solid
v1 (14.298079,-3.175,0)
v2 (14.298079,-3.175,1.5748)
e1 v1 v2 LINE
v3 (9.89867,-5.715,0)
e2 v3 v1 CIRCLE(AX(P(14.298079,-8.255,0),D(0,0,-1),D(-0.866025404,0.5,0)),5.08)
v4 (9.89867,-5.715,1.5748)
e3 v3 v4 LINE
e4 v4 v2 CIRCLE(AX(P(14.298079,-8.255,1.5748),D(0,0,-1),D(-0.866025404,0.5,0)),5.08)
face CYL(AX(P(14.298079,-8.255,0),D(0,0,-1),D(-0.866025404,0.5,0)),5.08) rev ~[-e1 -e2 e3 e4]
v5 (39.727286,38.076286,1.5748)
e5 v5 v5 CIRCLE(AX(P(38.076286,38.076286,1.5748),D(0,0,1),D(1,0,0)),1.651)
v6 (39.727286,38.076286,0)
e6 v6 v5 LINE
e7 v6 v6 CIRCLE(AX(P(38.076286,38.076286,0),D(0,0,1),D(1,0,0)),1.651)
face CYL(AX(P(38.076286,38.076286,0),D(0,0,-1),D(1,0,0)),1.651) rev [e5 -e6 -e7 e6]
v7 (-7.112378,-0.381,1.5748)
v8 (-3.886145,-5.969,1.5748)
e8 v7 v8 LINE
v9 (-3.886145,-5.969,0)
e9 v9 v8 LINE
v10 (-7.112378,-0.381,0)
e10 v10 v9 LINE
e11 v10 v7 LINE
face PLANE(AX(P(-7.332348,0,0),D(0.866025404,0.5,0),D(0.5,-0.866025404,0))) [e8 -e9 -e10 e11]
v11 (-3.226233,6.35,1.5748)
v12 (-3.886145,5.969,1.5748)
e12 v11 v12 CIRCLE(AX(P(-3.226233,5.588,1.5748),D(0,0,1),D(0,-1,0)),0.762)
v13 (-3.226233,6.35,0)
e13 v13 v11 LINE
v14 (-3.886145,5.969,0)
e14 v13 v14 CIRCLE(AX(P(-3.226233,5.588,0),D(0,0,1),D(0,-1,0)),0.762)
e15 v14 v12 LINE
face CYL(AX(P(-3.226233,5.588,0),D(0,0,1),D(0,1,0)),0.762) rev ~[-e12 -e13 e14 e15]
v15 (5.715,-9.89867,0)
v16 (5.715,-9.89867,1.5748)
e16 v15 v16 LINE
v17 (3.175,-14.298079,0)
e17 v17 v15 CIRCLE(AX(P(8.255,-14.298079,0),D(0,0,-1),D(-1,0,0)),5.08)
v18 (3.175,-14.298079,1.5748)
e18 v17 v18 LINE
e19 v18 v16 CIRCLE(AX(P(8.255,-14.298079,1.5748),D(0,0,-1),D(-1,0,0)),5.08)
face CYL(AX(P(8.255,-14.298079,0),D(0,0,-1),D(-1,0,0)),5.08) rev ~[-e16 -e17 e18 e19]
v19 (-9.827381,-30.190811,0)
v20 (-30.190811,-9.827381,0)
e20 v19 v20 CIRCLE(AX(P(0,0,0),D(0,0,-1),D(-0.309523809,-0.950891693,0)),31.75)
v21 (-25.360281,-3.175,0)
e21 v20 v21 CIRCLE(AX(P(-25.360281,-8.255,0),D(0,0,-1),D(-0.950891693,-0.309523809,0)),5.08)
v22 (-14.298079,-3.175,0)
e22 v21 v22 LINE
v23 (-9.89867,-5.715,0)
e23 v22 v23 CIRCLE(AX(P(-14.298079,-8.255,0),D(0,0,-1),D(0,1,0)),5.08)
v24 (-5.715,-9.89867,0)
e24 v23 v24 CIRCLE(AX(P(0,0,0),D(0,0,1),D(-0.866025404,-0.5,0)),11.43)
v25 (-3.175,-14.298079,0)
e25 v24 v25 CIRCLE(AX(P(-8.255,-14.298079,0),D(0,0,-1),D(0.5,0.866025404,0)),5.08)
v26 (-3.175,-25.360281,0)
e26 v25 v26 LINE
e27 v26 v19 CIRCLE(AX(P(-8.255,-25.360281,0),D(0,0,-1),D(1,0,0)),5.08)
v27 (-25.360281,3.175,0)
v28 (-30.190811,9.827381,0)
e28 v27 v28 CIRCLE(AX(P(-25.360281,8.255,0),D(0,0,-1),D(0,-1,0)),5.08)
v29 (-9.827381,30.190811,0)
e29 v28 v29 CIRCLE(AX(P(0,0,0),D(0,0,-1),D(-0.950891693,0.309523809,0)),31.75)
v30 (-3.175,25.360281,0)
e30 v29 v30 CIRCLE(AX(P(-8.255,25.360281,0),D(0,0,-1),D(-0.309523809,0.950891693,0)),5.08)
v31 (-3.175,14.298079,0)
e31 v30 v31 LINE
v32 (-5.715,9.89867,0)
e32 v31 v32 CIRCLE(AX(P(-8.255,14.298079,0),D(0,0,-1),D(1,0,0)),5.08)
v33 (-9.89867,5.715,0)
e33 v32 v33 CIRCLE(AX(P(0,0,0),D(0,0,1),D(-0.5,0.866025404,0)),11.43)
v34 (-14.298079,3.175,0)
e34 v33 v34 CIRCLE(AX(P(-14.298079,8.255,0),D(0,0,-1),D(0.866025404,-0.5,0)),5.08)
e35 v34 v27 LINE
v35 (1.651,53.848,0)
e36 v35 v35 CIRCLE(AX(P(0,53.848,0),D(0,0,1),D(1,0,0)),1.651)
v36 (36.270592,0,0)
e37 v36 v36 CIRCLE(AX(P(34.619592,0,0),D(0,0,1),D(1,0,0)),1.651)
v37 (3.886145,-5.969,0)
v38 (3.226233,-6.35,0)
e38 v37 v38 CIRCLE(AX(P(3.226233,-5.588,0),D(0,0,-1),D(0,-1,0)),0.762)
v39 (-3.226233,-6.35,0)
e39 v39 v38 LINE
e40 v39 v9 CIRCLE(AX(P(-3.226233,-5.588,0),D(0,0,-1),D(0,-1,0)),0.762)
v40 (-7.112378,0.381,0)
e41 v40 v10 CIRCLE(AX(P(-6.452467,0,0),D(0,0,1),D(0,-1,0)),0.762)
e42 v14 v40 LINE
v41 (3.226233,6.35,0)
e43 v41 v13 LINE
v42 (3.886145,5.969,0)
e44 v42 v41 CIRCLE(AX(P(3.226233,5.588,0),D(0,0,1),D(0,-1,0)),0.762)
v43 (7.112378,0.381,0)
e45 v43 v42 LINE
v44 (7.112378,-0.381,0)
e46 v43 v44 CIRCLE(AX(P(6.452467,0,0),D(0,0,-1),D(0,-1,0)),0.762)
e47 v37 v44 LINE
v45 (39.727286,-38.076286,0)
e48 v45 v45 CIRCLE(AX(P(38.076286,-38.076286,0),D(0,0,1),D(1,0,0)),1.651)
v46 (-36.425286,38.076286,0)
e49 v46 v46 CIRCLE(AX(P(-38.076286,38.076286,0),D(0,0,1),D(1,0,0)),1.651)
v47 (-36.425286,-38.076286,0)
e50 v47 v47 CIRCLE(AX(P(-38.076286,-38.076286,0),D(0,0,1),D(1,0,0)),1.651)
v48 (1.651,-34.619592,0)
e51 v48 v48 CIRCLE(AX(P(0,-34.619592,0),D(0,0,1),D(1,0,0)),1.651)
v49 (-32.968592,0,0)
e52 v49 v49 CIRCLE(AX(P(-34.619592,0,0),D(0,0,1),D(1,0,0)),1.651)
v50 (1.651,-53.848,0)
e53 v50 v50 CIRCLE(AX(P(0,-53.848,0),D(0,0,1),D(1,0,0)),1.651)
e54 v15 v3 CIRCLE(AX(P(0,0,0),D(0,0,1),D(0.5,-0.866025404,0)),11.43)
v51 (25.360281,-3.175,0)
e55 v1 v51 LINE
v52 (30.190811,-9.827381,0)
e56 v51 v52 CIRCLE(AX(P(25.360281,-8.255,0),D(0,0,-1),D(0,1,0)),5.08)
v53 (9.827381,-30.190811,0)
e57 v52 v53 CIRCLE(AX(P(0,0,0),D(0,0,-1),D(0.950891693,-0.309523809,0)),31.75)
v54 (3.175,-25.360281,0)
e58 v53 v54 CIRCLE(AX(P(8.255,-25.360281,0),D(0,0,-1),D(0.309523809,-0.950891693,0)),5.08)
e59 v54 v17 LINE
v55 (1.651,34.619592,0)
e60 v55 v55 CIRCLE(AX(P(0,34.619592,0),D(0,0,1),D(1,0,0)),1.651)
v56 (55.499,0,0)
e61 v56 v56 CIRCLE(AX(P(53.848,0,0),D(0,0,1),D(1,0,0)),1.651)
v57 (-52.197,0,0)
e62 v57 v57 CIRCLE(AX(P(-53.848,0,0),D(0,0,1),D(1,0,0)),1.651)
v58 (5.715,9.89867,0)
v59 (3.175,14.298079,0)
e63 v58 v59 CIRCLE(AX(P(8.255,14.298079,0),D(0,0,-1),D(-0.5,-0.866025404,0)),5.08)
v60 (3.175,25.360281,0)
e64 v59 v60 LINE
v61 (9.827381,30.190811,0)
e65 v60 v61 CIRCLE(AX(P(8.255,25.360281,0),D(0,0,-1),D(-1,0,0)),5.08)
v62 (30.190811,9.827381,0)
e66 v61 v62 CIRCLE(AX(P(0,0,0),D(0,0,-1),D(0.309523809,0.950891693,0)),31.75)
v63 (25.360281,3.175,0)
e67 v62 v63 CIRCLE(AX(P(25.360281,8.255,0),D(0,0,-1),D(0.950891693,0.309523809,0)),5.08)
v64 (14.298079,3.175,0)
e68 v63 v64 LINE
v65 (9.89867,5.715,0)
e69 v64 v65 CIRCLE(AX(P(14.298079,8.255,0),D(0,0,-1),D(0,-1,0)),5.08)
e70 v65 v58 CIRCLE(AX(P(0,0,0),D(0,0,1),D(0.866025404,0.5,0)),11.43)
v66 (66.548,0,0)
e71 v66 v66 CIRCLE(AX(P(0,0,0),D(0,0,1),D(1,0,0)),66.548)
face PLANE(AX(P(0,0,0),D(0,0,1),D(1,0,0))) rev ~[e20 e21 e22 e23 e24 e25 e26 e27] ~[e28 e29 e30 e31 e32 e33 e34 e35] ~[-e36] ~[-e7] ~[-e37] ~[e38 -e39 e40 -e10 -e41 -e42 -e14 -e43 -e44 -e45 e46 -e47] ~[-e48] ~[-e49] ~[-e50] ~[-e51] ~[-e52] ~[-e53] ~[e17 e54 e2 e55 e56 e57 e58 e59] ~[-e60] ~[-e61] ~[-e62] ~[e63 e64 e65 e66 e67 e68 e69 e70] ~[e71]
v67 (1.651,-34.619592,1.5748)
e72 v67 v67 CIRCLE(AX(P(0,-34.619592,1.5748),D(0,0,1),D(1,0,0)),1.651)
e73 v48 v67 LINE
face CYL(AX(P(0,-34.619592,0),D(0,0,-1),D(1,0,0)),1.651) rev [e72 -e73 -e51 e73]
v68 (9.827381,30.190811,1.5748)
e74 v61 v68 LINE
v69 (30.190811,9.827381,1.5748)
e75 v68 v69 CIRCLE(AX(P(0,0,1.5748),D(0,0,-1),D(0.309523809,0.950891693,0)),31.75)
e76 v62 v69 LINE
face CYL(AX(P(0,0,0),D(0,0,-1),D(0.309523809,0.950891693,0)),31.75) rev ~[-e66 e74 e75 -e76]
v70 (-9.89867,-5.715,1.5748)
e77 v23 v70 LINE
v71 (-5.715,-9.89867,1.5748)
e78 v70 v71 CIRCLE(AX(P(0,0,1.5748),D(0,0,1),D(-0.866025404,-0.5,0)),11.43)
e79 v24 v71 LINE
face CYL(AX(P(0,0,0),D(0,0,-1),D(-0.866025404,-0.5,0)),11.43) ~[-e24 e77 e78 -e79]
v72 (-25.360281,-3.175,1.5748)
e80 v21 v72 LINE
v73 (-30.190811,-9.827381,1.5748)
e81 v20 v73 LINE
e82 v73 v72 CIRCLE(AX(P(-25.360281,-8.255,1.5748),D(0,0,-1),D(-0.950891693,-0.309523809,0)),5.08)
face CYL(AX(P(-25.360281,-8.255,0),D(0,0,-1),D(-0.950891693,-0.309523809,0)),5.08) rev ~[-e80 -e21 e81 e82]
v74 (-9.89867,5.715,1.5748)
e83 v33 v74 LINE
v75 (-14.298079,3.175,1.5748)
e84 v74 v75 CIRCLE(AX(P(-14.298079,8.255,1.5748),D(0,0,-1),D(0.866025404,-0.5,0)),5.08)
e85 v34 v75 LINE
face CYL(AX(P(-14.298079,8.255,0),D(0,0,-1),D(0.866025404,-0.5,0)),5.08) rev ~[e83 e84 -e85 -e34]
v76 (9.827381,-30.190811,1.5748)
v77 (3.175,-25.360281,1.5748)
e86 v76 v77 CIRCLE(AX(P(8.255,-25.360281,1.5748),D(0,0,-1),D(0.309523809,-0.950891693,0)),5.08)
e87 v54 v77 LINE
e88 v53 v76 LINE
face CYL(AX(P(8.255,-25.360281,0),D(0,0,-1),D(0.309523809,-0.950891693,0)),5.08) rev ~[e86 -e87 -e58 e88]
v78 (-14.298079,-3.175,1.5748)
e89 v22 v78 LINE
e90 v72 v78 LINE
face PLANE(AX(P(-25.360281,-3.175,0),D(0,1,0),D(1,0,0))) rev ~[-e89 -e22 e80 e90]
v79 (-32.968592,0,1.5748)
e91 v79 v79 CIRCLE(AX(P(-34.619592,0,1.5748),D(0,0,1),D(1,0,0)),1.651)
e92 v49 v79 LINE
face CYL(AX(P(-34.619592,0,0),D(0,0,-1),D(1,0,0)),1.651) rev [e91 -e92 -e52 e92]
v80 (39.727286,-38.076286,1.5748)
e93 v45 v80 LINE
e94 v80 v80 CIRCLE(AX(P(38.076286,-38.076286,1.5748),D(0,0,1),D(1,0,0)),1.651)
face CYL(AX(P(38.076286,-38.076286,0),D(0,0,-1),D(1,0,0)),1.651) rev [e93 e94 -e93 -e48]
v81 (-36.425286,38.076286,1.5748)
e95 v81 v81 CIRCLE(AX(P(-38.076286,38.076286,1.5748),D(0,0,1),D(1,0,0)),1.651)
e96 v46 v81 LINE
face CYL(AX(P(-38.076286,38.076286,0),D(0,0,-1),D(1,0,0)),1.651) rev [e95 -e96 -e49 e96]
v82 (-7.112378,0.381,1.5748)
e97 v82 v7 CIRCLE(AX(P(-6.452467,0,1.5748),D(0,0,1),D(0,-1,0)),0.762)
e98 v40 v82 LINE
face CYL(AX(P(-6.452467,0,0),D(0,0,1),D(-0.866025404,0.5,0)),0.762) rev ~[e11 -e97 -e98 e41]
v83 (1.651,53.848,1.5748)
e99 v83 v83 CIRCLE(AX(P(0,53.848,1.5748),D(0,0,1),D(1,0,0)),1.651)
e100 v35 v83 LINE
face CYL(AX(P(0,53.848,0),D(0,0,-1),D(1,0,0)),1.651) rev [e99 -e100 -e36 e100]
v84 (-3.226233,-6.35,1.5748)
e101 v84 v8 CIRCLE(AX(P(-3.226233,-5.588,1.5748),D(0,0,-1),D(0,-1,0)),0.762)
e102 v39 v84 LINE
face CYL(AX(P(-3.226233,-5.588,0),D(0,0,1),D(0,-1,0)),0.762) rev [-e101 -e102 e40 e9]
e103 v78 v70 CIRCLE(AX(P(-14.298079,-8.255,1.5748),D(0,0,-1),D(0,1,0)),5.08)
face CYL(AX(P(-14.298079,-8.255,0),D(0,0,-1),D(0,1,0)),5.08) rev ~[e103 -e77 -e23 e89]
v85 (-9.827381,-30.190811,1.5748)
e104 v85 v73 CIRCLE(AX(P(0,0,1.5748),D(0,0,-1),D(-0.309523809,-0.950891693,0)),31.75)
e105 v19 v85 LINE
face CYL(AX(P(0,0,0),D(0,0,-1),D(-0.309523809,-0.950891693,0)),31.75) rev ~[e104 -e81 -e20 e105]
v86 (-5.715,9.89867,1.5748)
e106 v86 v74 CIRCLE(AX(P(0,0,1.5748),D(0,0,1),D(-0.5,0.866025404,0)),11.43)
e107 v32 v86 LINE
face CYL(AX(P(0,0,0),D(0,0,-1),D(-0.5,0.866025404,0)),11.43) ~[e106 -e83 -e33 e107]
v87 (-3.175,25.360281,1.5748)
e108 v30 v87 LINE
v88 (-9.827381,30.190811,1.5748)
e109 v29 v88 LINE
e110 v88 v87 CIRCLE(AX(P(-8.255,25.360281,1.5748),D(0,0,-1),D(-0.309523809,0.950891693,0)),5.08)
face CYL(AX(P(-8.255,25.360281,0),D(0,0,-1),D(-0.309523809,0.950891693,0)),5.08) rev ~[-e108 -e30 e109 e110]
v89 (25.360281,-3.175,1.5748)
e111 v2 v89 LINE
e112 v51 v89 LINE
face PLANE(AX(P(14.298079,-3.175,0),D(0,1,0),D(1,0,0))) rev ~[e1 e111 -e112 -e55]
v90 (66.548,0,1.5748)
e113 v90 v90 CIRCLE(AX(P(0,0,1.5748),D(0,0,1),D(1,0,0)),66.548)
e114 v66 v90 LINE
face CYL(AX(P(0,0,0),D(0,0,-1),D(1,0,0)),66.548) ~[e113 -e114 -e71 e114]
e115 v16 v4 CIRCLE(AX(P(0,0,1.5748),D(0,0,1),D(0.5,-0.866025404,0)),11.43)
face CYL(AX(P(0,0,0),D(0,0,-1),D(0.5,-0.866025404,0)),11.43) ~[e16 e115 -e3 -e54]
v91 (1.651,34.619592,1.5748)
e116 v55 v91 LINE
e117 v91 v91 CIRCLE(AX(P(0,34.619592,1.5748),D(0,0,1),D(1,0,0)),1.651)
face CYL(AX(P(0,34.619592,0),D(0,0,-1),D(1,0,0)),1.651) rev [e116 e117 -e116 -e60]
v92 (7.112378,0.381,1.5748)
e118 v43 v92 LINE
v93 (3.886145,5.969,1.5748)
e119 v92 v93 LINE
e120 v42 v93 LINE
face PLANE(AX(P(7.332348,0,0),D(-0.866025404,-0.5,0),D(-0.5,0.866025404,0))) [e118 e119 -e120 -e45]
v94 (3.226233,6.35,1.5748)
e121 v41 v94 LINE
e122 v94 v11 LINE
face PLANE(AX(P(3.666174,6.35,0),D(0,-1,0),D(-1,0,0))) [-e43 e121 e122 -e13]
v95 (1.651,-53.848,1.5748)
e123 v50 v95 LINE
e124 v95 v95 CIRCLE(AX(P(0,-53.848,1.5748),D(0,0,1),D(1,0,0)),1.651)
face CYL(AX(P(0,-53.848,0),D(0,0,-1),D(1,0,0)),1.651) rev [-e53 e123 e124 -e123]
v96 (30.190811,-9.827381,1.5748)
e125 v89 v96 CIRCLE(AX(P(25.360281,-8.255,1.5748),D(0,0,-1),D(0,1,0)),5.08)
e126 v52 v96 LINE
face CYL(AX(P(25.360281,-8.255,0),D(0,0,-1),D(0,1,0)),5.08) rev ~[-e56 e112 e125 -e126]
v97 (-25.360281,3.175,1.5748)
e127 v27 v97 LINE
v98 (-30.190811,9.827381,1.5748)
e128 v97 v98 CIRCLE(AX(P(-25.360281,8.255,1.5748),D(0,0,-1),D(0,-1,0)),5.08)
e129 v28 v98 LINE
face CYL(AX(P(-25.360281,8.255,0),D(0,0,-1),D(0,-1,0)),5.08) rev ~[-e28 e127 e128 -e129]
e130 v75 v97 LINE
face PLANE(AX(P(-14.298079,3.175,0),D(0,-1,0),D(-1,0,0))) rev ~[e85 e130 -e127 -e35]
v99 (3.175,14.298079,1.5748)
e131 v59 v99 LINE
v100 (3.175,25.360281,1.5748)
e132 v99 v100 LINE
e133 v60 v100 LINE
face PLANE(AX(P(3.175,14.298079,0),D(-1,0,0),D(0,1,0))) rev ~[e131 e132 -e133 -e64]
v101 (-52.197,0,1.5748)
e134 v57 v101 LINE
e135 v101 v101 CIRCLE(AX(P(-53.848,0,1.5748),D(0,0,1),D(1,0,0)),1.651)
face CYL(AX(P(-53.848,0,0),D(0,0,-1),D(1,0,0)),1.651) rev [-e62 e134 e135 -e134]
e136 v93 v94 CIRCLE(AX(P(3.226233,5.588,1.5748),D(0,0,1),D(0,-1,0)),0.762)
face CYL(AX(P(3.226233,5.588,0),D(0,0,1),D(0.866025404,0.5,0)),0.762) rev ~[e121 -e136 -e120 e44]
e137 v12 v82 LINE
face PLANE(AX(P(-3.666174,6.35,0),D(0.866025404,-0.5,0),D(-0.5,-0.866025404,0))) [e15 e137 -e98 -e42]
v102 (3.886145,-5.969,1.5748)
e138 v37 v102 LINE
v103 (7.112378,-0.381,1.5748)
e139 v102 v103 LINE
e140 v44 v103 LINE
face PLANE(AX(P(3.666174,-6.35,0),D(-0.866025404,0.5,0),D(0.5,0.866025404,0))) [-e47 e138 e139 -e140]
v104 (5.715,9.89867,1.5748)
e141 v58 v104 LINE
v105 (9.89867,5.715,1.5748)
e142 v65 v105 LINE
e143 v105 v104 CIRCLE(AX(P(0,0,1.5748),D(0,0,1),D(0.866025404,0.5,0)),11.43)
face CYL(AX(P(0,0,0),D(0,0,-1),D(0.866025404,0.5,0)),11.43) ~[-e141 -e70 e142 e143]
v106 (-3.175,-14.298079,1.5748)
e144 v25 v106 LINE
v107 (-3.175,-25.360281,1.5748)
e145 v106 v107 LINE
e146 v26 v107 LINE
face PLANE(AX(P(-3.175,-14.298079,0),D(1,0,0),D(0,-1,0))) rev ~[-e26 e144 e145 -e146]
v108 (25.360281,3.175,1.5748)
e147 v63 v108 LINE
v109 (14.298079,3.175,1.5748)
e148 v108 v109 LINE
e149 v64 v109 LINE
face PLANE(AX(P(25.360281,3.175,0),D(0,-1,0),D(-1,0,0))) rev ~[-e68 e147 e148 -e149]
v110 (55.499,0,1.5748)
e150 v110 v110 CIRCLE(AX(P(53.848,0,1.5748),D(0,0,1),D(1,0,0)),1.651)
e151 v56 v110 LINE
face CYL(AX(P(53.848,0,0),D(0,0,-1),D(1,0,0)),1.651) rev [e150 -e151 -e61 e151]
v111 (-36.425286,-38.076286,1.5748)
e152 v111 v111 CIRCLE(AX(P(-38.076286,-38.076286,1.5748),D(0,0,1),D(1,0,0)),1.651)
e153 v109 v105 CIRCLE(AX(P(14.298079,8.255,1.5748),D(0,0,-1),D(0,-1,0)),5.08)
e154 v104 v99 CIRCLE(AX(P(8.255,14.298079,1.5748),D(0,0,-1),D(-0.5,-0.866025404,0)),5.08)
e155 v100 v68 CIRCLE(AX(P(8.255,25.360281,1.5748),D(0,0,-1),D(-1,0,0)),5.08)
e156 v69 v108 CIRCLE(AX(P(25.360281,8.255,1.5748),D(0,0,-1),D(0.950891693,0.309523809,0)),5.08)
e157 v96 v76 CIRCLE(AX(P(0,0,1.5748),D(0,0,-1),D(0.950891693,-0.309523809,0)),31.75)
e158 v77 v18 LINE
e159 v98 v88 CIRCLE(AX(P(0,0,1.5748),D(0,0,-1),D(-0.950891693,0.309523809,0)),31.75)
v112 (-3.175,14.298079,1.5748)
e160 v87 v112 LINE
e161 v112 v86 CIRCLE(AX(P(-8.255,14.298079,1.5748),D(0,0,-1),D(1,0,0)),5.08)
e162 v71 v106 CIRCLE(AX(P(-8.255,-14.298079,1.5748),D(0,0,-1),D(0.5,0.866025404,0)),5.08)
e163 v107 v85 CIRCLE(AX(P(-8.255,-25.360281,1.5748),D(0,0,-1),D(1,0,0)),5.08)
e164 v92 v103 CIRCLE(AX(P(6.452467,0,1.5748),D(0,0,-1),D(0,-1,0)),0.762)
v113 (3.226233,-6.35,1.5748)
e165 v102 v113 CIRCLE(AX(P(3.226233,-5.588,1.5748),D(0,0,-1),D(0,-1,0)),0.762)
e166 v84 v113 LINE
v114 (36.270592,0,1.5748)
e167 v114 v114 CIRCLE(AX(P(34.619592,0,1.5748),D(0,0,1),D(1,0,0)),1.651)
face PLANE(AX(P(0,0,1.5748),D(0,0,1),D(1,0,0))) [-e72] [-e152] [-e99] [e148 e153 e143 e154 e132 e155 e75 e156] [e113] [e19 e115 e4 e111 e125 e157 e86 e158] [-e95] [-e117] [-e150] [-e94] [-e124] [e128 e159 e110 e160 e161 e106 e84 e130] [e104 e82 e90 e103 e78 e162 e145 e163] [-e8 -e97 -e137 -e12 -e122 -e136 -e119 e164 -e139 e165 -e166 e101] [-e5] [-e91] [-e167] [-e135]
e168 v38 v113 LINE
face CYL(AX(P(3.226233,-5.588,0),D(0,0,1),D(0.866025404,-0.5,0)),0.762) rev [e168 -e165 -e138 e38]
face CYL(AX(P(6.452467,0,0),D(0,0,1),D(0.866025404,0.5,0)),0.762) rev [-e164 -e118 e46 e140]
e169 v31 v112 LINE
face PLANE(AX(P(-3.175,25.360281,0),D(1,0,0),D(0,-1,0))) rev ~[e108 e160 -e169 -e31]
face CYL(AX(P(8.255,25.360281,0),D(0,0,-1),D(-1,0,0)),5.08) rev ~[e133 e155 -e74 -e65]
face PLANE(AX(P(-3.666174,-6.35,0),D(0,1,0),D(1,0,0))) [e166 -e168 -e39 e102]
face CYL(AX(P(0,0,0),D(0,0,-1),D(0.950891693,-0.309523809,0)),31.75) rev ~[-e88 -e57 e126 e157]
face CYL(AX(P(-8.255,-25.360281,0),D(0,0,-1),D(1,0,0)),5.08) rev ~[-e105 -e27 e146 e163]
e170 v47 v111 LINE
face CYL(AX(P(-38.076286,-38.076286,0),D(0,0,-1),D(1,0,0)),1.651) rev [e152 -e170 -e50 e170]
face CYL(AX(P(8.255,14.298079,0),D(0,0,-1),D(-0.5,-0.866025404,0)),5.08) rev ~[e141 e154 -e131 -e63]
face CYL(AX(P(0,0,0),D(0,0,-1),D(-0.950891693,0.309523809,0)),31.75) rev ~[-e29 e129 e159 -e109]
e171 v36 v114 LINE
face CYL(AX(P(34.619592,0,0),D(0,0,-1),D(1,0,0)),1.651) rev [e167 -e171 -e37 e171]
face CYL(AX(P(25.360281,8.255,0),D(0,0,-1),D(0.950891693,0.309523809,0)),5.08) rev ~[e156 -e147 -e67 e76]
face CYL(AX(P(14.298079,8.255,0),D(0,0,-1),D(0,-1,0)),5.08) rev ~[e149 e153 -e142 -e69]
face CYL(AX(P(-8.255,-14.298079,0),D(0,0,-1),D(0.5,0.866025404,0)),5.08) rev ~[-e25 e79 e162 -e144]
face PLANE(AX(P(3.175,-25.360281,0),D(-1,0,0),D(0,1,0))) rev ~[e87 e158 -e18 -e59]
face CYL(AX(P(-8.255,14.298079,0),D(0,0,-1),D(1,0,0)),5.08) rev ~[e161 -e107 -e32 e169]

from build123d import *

# Parameters (mm, degrees)
SKETCH1_R           = 66.548
SKETCH1_R_2         = 1.651
BOSS_EXTRUDE1_DEPTH = 1.5748
FILLET6_R           = 0.762


with BuildPart() as part:
    # Sketch1 → Boss-Extrude1 (new body)
    with BuildSketch(Plane.XY):
        Circle(SKETCH1_R)
        with Locations((0, 53.848)):
            Circle(SKETCH1_R_2, mode=Mode.SUBTRACT)
        with Locations((0, 34.619591715)):
            Circle(SKETCH1_R_2, mode=Mode.SUBTRACT)
        with Locations((34.619591715, 0)):
            Circle(SKETCH1_R_2, mode=Mode.SUBTRACT)
        with Locations((0, -34.619591715)):
            Circle(SKETCH1_R_2, mode=Mode.SUBTRACT)
        with Locations((-34.619591715, 0)):
            Circle(SKETCH1_R_2, mode=Mode.SUBTRACT)
        with Locations((38.076285953, 38.076285953)):
            Circle(SKETCH1_R_2, mode=Mode.SUBTRACT)
        with Locations((53.848, 0)):
            Circle(SKETCH1_R_2, mode=Mode.SUBTRACT)
        with Locations((38.076285953, -38.076285953)):
            Circle(SKETCH1_R_2, mode=Mode.SUBTRACT)
        with Locations((0, -53.848)):
            Circle(SKETCH1_R_2, mode=Mode.SUBTRACT)
        with Locations((-38.076285953, -38.076285953)):
            Circle(SKETCH1_R_2, mode=Mode.SUBTRACT)
        with Locations((-53.848, 0)):
            Circle(SKETCH1_R_2, mode=Mode.SUBTRACT)
        with Locations((-38.076285953, 38.076285953)):
            Circle(SKETCH1_R_2, mode=Mode.SUBTRACT)
        with BuildLine():
            Line((25.360281446, 3.175), (14.298079416, 3.175))
            ThreePointArc((14.298079416, 3.175), (11.758079416, 3.855590949), (9.898670365, 5.715))
            ThreePointArc((9.898670365, 5.715), (8.082230509, 8.082230509), (5.715, 9.898670365))
            ThreePointArc((5.715, 9.898670365), (3.855590949, 11.758079416), (3.175, 14.298079416))
            Line((3.175, 14.298079416), (3.175, 25.360281446))
            ThreePointArc((3.175, 25.360281446), (5.270146171, 29.470883302), (9.827380952, 30.190811245))
            ThreePointArc((9.827380952, 30.190811245), (22.450640303, 22.450640303), (30.190811245, 9.827380952))
            ThreePointArc((30.190811245, 9.827380952), (29.470883302, 5.270146171), (25.360281446, 3.175))
        make_face(mode=Mode.SUBTRACT)
        with BuildLine():
            Line((-3.175, 25.360281446), (-3.175, 14.298079416))
            ThreePointArc((-3.175, 14.298079416), (-3.855590949, 11.758079416), (-5.715, 9.898670365))
            ThreePointArc((-5.715, 9.898670365), (-8.082230509, 8.082230509), (-9.898670365, 5.715))
            ThreePointArc((-9.898670365, 5.715), (-11.758079416, 3.855590949), (-14.298079416, 3.175))
            Line((-14.298079416, 3.175), (-25.360281446, 3.175))
            ThreePointArc((-25.360281446, 3.175), (-29.470883302, 5.270146171), (-30.190811245, 9.827380952))
            ThreePointArc((-30.190811245, 9.827380952), (-22.450640303, 22.450640303), (-9.827380952, 30.190811245))
            ThreePointArc((-9.827380952, 30.190811245), (-5.270146171, 29.470883302), (-3.175, 25.360281446))
        make_face(mode=Mode.SUBTRACT)
        with BuildLine():
            Line((3.175, -25.360281446), (3.175, -14.298079416))
            ThreePointArc((3.175, -14.298079416), (3.855590949, -11.758079416), (5.715, -9.898670365))
            ThreePointArc((5.715, -9.898670365), (8.082230509, -8.082230509), (9.898670365, -5.715))
            ThreePointArc((9.898670365, -5.715), (11.758079416, -3.855590949), (14.298079416, -3.175))
            Line((14.298079416, -3.175), (25.360281446, -3.175))
            ThreePointArc((25.360281446, -3.175), (29.470883302, -5.270146171), (30.190811245, -9.827380952))
            ThreePointArc((30.190811245, -9.827380952), (22.450640303, -22.450640303), (9.827380952, -30.190811245))
            ThreePointArc((9.827380952, -30.190811245), (5.270146171, -29.470883302), (3.175, -25.360281446))
        make_face(mode=Mode.SUBTRACT)
        Polygon((7.332348419, 0), (3.666174209, 6.35), (-3.666174209, 6.35), (-7.332348419, 0), (-3.666174209, -6.35), (3.666174209, -6.35), align=None, mode=Mode.SUBTRACT)
        with BuildLine():
            Line((-25.360281446, -3.175), (-14.298079416, -3.175))
            ThreePointArc((-14.298079416, -3.175), (-11.758079416, -3.855590949), (-9.898670365, -5.715))
            ThreePointArc((-9.898670365, -5.715), (-8.082230509, -8.082230509), (-5.715, -9.898670365))
            ThreePointArc((-5.715, -9.898670365), (-3.855590949, -11.758079416), (-3.175, -14.298079416))
            Line((-3.175, -14.298079416), (-3.175, -25.360281446))
            ThreePointArc((-3.175, -25.360281446), (-5.270146171, -29.470883302), (-9.827380952, -30.190811245))
            ThreePointArc((-9.827380952, -30.190811245), (-22.450640303, -22.450640303), (-30.190811245, -9.827380952))
            ThreePointArc((-30.190811245, -9.827380952), (-29.470883302, -5.270146171), (-25.360281446, -3.175))
        make_face(mode=Mode.SUBTRACT)
    extrude(amount=BOSS_EXTRUDE1_DEPTH)

    # Fillet6
    fillet6_edges = [part.edges().sort_by_distance(p)[0] for p in [
        (3.666174209, -6.35, 0.7874),
        (7.332348419, 0, 0.7874),
        (3.666174209, 6.35, 0.7874),
        (-3.666174209, 6.35, 0.7874),
        (-7.332348419, 0, 0.7874),
        (-3.666174209, -6.35, 0.7874),
    ]]
    fillet(fillet6_edges, radius=FILLET6_R)


solid = part.part
